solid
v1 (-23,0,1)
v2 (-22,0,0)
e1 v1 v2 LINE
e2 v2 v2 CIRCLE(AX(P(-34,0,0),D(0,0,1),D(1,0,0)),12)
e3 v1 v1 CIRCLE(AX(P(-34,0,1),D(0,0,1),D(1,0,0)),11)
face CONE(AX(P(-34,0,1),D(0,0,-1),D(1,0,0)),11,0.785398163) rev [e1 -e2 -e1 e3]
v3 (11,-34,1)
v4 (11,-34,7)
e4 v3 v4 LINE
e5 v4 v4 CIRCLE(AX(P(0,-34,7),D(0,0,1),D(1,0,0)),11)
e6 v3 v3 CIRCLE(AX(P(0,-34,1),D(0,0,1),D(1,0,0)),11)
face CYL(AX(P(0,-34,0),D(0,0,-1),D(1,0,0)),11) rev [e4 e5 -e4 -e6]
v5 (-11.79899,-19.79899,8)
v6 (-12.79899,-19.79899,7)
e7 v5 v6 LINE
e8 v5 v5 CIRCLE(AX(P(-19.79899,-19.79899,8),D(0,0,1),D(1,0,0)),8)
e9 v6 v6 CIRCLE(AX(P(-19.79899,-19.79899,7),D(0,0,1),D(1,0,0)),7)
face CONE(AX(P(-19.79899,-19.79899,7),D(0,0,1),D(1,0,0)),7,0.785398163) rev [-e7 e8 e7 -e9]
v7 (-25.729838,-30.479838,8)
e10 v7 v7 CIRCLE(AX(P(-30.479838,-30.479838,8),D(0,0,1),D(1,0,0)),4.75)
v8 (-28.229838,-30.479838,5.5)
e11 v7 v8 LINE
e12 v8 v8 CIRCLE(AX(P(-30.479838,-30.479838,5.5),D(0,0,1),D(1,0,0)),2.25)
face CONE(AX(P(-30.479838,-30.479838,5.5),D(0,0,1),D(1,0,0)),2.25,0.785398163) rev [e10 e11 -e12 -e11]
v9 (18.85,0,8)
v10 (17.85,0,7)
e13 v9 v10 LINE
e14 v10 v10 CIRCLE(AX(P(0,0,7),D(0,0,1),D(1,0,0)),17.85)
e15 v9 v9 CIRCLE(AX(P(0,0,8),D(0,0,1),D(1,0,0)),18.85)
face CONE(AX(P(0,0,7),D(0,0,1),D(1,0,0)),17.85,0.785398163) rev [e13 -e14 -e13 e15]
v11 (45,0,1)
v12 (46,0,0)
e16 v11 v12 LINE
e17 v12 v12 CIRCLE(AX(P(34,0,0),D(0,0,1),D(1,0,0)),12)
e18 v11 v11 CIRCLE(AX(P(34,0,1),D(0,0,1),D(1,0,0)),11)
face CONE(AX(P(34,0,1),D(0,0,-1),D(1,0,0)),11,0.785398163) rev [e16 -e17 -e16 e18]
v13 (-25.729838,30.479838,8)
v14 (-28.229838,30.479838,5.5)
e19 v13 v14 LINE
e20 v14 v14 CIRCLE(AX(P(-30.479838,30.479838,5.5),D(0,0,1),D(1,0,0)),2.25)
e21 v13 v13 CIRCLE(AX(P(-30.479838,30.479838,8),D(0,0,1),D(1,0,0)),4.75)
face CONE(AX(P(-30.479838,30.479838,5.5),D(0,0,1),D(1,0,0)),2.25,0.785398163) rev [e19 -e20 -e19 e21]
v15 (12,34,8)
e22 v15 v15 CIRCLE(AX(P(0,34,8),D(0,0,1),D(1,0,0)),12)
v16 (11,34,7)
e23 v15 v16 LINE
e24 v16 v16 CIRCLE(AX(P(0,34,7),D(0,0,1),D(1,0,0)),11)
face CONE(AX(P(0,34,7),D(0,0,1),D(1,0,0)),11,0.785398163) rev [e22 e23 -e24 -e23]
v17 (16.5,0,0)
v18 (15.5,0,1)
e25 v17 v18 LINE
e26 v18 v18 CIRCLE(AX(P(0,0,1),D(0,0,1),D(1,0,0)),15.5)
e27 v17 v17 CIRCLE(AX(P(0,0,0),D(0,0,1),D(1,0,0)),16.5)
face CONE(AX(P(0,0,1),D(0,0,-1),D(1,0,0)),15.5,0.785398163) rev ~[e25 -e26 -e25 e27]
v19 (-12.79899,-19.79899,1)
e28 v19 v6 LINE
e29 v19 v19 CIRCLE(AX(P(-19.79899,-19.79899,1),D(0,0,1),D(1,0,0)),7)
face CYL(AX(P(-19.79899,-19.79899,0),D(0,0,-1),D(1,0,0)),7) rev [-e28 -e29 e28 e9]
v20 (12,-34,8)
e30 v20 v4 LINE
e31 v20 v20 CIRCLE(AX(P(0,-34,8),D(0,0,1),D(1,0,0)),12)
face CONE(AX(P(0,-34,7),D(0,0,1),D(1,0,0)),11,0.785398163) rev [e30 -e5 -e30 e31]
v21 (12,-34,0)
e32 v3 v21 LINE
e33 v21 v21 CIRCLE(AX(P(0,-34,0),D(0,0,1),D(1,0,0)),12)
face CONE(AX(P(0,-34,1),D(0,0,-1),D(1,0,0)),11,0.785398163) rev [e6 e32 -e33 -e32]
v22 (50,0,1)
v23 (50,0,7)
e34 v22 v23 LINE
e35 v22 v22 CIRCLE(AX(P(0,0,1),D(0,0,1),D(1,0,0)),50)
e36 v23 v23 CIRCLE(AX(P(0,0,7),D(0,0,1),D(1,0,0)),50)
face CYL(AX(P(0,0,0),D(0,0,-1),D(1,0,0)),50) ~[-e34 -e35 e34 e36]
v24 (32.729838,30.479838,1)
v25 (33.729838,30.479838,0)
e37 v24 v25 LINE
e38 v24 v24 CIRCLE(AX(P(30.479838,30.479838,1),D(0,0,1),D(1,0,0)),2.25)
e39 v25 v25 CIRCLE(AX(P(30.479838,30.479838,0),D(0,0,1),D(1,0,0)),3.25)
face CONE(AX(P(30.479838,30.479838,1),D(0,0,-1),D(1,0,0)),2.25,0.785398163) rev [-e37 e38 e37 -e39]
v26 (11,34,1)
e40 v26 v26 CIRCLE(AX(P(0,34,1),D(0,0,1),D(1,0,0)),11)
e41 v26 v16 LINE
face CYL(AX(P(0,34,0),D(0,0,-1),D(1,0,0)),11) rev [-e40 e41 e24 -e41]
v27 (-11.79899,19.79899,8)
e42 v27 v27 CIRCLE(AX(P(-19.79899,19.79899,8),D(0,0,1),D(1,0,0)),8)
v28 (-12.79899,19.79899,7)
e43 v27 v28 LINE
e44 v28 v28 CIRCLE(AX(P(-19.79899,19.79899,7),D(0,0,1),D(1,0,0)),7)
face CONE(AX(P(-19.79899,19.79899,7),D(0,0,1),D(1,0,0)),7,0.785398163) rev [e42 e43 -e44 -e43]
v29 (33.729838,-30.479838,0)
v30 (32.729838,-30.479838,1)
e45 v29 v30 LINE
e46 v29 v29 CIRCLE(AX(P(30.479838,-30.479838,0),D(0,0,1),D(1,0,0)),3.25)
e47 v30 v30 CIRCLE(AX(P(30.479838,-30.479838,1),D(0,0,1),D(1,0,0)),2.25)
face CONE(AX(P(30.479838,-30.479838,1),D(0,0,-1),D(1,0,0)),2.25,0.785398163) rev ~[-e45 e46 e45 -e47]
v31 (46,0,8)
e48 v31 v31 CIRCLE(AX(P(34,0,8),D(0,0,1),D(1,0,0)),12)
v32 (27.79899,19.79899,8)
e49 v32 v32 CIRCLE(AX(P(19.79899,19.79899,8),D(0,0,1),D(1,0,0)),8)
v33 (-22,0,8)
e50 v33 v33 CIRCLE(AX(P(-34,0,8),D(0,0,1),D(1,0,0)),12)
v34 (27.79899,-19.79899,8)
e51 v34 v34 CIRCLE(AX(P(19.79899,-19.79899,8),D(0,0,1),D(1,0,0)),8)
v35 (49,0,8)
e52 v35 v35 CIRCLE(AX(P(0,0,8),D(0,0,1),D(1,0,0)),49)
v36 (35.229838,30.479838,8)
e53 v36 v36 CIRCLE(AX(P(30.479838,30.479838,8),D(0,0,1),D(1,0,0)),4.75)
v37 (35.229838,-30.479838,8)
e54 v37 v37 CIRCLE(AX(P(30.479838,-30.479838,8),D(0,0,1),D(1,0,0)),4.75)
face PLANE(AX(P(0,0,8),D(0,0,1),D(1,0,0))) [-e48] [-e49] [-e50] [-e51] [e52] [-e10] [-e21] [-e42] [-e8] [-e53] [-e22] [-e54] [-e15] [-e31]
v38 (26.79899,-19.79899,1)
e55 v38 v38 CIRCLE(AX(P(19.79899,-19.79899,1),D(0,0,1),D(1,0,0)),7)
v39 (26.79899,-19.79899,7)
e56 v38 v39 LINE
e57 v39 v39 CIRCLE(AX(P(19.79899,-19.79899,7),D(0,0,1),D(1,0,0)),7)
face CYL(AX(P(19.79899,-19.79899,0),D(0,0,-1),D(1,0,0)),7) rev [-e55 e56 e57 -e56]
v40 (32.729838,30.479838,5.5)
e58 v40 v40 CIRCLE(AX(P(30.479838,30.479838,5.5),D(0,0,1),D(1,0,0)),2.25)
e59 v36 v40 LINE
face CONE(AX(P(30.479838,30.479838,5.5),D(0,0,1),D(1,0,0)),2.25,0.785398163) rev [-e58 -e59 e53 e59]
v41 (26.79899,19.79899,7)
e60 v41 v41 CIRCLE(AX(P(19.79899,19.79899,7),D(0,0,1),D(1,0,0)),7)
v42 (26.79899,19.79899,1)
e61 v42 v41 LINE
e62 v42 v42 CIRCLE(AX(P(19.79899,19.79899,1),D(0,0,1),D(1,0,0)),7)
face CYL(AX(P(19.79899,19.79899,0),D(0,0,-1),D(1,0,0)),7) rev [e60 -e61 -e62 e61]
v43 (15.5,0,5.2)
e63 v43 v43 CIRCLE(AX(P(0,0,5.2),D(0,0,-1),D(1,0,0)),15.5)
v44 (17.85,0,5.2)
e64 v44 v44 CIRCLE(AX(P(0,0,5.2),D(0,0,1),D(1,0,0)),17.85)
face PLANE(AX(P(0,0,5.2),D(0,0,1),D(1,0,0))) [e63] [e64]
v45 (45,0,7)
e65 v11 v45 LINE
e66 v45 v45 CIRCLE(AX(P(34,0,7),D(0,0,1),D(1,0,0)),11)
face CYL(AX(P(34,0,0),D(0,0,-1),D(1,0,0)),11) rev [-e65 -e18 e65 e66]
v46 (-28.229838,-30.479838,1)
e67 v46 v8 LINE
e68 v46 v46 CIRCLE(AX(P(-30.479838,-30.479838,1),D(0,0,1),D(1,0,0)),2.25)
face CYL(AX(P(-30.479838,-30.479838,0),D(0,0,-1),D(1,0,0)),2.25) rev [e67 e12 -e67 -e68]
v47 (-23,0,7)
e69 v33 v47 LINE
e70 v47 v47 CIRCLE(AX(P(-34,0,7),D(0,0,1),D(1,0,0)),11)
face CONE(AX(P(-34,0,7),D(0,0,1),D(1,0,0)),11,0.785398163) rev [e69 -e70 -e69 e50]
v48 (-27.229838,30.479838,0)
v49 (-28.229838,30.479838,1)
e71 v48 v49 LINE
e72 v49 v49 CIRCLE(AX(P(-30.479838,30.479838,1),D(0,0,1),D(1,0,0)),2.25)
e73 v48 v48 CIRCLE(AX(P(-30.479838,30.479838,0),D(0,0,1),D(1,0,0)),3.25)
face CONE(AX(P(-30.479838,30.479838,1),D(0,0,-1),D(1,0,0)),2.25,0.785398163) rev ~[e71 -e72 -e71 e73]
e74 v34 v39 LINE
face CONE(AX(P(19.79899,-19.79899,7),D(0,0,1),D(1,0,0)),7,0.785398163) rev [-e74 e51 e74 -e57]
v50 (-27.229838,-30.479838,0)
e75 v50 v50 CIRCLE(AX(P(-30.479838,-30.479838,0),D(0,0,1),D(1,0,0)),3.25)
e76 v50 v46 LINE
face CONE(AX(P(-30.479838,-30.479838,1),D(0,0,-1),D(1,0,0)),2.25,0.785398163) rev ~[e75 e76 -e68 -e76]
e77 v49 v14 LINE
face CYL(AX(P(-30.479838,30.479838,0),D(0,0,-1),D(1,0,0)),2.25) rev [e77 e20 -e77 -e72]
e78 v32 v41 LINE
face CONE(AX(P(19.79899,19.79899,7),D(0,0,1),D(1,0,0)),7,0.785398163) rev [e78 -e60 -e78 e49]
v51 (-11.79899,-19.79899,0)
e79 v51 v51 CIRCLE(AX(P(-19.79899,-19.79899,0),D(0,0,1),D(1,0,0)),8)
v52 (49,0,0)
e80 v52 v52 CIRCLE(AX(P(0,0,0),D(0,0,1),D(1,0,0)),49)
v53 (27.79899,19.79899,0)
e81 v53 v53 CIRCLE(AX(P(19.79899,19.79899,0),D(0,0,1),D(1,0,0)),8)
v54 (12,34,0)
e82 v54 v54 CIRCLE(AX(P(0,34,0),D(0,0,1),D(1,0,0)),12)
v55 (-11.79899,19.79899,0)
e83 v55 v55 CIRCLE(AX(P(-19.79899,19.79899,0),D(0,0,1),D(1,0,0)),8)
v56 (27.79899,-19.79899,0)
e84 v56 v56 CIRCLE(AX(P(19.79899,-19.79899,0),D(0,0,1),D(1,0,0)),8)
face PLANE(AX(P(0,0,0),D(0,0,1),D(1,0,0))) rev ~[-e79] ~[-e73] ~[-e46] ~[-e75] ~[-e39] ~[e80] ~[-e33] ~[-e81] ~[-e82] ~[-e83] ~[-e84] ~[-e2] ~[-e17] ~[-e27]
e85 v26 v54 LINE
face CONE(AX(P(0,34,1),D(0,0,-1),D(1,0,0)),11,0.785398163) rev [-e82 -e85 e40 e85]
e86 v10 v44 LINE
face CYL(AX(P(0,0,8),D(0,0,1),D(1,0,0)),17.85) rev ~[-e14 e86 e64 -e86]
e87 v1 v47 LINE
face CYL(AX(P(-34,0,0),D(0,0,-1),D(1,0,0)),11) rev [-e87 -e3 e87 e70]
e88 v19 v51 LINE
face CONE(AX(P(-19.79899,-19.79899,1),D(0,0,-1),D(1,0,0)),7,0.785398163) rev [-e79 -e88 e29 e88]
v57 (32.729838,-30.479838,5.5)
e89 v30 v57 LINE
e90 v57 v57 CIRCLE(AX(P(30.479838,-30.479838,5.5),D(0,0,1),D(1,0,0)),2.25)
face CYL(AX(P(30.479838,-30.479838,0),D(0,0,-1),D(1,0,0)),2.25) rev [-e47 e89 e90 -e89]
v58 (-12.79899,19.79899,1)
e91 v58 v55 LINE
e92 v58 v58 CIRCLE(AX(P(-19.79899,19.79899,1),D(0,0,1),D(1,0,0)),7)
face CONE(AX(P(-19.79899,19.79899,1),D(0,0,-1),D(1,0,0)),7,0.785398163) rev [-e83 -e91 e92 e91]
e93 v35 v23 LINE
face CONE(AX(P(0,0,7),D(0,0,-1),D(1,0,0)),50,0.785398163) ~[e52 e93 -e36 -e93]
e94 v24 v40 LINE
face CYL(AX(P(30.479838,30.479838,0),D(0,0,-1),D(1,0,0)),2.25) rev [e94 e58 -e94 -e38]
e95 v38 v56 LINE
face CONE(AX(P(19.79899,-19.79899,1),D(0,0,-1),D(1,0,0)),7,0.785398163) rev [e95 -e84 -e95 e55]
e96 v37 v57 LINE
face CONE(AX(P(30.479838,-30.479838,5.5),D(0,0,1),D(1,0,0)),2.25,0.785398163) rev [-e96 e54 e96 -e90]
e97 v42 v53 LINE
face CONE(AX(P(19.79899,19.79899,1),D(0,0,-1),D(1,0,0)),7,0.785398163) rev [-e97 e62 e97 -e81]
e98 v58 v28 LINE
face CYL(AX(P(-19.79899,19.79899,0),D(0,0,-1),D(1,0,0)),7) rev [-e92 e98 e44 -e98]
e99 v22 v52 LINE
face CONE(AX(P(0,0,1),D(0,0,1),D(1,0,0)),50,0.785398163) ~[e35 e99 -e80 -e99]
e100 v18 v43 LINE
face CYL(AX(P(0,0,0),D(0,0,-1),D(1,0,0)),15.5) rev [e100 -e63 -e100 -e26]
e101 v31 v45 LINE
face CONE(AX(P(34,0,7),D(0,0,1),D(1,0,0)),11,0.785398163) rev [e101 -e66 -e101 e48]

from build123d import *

# Parameters (mm, degrees)
SKETCH006_R     = 50
SKETCH006_R_2   = 2.25
SKETCH006_R_3   = 15.5
SKETCH006_R_4   = 11
SKETCH006_R_5   = 7
PAD004_DEPTH    = 8
SKETCH007_R     = 17.85
POCKET002_DEPTH = 2.8
CHAMFER004_SIZE = 2.5
CHAMFER005_SIZE = 1


with BuildPart() as part:
    # Sketch006 → Pad004 (new body)
    with BuildSketch(Plane.XY):
        Circle(SKETCH006_R)
        with Locations((-30.479838, 30.479838)):
            Circle(SKETCH006_R_2, mode=Mode.SUBTRACT)
        with Locations((30.479838, 30.479838)):
            Circle(SKETCH006_R_2, mode=Mode.SUBTRACT)
        with Locations((30.479838, -30.479838)):
            Circle(SKETCH006_R_2, mode=Mode.SUBTRACT)
        with Locations((-30.479838, -30.479838)):
            Circle(SKETCH006_R_2, mode=Mode.SUBTRACT)
        Circle(SKETCH006_R_3, mode=Mode.SUBTRACT)
        with Locations((34, 0)):
            Circle(SKETCH006_R_4, mode=Mode.SUBTRACT)
        with Locations((0, -34)):
            Circle(SKETCH006_R_4, mode=Mode.SUBTRACT)
        with Locations((0, 34)):
            Circle(SKETCH006_R_4, mode=Mode.SUBTRACT)
        with Locations((-34, 0)):
            Circle(SKETCH006_R_4, mode=Mode.SUBTRACT)
        with Locations((-19.79899, 19.79899)):
            Circle(SKETCH006_R_5, mode=Mode.SUBTRACT)
        with Locations((19.79899, -19.79899)):
            Circle(SKETCH006_R_5, mode=Mode.SUBTRACT)
        with Locations((19.79899, 19.79899)):
            Circle(SKETCH006_R_5, mode=Mode.SUBTRACT)
        with Locations((-19.79899, -19.79899)):
            Circle(SKETCH006_R_5, mode=Mode.SUBTRACT)
    extrude(amount=PAD004_DEPTH)

    # Sketch007 → Pocket002 (cut)
    with BuildSketch(Plane.XY.offset(8)):
        Circle(SKETCH007_R)
    extrude(amount=-POCKET002_DEPTH, mode=Mode.SUBTRACT)

    # Chamfer004
    chamfer004_edges = [part.edges().sort_by_distance(p)[0] for p in [
        (28.229838, 30.479838, 8),
        (28.229838, -30.479838, 8),
        (-32.729838, -30.479838, 8),
        (-32.729838, 30.479838, 8),
    ]]
    chamfer(chamfer004_edges, length=CHAMFER004_SIZE)

    # Chamfer005
    chamfer005_edges = [part.edges().sort_by_distance(p)[0] for p in [
        (-50, 0, 8),
        (12.79899, 19.79899, 8),
        (23, 0, 8),
        (12.79899, -19.79899, 8),
        (-11, -34, 8),
        (-26.79899, -19.79899, 8),
        (-45, 0, 8),
        (-26.79899, 19.79899, 8),
        (-17.85, 0, 8),
        (-50, 0, 0),
        (-15.5, 0, 0),
        (-45, 0, 0),
        (-11, 34, 0),
        (-11, -34, 0),
        (23, 0, 0),
        (-26.79899, -19.79899, 0),
        (12.79899, 19.79899, 0),
        (12.79899, -19.79899, 0),
        (-26.79899, 19.79899, 0),
        (-32.729838, -30.479838, 0),
        (28.229838, -30.479838, 0),
        (28.229838, 30.479838, 0),
        (-32.729838, 30.479838, 0),
        (-11, 34, 8),
    ]]
    chamfer(chamfer005_edges, length=CHAMFER005_SIZE)


solid = part.part
